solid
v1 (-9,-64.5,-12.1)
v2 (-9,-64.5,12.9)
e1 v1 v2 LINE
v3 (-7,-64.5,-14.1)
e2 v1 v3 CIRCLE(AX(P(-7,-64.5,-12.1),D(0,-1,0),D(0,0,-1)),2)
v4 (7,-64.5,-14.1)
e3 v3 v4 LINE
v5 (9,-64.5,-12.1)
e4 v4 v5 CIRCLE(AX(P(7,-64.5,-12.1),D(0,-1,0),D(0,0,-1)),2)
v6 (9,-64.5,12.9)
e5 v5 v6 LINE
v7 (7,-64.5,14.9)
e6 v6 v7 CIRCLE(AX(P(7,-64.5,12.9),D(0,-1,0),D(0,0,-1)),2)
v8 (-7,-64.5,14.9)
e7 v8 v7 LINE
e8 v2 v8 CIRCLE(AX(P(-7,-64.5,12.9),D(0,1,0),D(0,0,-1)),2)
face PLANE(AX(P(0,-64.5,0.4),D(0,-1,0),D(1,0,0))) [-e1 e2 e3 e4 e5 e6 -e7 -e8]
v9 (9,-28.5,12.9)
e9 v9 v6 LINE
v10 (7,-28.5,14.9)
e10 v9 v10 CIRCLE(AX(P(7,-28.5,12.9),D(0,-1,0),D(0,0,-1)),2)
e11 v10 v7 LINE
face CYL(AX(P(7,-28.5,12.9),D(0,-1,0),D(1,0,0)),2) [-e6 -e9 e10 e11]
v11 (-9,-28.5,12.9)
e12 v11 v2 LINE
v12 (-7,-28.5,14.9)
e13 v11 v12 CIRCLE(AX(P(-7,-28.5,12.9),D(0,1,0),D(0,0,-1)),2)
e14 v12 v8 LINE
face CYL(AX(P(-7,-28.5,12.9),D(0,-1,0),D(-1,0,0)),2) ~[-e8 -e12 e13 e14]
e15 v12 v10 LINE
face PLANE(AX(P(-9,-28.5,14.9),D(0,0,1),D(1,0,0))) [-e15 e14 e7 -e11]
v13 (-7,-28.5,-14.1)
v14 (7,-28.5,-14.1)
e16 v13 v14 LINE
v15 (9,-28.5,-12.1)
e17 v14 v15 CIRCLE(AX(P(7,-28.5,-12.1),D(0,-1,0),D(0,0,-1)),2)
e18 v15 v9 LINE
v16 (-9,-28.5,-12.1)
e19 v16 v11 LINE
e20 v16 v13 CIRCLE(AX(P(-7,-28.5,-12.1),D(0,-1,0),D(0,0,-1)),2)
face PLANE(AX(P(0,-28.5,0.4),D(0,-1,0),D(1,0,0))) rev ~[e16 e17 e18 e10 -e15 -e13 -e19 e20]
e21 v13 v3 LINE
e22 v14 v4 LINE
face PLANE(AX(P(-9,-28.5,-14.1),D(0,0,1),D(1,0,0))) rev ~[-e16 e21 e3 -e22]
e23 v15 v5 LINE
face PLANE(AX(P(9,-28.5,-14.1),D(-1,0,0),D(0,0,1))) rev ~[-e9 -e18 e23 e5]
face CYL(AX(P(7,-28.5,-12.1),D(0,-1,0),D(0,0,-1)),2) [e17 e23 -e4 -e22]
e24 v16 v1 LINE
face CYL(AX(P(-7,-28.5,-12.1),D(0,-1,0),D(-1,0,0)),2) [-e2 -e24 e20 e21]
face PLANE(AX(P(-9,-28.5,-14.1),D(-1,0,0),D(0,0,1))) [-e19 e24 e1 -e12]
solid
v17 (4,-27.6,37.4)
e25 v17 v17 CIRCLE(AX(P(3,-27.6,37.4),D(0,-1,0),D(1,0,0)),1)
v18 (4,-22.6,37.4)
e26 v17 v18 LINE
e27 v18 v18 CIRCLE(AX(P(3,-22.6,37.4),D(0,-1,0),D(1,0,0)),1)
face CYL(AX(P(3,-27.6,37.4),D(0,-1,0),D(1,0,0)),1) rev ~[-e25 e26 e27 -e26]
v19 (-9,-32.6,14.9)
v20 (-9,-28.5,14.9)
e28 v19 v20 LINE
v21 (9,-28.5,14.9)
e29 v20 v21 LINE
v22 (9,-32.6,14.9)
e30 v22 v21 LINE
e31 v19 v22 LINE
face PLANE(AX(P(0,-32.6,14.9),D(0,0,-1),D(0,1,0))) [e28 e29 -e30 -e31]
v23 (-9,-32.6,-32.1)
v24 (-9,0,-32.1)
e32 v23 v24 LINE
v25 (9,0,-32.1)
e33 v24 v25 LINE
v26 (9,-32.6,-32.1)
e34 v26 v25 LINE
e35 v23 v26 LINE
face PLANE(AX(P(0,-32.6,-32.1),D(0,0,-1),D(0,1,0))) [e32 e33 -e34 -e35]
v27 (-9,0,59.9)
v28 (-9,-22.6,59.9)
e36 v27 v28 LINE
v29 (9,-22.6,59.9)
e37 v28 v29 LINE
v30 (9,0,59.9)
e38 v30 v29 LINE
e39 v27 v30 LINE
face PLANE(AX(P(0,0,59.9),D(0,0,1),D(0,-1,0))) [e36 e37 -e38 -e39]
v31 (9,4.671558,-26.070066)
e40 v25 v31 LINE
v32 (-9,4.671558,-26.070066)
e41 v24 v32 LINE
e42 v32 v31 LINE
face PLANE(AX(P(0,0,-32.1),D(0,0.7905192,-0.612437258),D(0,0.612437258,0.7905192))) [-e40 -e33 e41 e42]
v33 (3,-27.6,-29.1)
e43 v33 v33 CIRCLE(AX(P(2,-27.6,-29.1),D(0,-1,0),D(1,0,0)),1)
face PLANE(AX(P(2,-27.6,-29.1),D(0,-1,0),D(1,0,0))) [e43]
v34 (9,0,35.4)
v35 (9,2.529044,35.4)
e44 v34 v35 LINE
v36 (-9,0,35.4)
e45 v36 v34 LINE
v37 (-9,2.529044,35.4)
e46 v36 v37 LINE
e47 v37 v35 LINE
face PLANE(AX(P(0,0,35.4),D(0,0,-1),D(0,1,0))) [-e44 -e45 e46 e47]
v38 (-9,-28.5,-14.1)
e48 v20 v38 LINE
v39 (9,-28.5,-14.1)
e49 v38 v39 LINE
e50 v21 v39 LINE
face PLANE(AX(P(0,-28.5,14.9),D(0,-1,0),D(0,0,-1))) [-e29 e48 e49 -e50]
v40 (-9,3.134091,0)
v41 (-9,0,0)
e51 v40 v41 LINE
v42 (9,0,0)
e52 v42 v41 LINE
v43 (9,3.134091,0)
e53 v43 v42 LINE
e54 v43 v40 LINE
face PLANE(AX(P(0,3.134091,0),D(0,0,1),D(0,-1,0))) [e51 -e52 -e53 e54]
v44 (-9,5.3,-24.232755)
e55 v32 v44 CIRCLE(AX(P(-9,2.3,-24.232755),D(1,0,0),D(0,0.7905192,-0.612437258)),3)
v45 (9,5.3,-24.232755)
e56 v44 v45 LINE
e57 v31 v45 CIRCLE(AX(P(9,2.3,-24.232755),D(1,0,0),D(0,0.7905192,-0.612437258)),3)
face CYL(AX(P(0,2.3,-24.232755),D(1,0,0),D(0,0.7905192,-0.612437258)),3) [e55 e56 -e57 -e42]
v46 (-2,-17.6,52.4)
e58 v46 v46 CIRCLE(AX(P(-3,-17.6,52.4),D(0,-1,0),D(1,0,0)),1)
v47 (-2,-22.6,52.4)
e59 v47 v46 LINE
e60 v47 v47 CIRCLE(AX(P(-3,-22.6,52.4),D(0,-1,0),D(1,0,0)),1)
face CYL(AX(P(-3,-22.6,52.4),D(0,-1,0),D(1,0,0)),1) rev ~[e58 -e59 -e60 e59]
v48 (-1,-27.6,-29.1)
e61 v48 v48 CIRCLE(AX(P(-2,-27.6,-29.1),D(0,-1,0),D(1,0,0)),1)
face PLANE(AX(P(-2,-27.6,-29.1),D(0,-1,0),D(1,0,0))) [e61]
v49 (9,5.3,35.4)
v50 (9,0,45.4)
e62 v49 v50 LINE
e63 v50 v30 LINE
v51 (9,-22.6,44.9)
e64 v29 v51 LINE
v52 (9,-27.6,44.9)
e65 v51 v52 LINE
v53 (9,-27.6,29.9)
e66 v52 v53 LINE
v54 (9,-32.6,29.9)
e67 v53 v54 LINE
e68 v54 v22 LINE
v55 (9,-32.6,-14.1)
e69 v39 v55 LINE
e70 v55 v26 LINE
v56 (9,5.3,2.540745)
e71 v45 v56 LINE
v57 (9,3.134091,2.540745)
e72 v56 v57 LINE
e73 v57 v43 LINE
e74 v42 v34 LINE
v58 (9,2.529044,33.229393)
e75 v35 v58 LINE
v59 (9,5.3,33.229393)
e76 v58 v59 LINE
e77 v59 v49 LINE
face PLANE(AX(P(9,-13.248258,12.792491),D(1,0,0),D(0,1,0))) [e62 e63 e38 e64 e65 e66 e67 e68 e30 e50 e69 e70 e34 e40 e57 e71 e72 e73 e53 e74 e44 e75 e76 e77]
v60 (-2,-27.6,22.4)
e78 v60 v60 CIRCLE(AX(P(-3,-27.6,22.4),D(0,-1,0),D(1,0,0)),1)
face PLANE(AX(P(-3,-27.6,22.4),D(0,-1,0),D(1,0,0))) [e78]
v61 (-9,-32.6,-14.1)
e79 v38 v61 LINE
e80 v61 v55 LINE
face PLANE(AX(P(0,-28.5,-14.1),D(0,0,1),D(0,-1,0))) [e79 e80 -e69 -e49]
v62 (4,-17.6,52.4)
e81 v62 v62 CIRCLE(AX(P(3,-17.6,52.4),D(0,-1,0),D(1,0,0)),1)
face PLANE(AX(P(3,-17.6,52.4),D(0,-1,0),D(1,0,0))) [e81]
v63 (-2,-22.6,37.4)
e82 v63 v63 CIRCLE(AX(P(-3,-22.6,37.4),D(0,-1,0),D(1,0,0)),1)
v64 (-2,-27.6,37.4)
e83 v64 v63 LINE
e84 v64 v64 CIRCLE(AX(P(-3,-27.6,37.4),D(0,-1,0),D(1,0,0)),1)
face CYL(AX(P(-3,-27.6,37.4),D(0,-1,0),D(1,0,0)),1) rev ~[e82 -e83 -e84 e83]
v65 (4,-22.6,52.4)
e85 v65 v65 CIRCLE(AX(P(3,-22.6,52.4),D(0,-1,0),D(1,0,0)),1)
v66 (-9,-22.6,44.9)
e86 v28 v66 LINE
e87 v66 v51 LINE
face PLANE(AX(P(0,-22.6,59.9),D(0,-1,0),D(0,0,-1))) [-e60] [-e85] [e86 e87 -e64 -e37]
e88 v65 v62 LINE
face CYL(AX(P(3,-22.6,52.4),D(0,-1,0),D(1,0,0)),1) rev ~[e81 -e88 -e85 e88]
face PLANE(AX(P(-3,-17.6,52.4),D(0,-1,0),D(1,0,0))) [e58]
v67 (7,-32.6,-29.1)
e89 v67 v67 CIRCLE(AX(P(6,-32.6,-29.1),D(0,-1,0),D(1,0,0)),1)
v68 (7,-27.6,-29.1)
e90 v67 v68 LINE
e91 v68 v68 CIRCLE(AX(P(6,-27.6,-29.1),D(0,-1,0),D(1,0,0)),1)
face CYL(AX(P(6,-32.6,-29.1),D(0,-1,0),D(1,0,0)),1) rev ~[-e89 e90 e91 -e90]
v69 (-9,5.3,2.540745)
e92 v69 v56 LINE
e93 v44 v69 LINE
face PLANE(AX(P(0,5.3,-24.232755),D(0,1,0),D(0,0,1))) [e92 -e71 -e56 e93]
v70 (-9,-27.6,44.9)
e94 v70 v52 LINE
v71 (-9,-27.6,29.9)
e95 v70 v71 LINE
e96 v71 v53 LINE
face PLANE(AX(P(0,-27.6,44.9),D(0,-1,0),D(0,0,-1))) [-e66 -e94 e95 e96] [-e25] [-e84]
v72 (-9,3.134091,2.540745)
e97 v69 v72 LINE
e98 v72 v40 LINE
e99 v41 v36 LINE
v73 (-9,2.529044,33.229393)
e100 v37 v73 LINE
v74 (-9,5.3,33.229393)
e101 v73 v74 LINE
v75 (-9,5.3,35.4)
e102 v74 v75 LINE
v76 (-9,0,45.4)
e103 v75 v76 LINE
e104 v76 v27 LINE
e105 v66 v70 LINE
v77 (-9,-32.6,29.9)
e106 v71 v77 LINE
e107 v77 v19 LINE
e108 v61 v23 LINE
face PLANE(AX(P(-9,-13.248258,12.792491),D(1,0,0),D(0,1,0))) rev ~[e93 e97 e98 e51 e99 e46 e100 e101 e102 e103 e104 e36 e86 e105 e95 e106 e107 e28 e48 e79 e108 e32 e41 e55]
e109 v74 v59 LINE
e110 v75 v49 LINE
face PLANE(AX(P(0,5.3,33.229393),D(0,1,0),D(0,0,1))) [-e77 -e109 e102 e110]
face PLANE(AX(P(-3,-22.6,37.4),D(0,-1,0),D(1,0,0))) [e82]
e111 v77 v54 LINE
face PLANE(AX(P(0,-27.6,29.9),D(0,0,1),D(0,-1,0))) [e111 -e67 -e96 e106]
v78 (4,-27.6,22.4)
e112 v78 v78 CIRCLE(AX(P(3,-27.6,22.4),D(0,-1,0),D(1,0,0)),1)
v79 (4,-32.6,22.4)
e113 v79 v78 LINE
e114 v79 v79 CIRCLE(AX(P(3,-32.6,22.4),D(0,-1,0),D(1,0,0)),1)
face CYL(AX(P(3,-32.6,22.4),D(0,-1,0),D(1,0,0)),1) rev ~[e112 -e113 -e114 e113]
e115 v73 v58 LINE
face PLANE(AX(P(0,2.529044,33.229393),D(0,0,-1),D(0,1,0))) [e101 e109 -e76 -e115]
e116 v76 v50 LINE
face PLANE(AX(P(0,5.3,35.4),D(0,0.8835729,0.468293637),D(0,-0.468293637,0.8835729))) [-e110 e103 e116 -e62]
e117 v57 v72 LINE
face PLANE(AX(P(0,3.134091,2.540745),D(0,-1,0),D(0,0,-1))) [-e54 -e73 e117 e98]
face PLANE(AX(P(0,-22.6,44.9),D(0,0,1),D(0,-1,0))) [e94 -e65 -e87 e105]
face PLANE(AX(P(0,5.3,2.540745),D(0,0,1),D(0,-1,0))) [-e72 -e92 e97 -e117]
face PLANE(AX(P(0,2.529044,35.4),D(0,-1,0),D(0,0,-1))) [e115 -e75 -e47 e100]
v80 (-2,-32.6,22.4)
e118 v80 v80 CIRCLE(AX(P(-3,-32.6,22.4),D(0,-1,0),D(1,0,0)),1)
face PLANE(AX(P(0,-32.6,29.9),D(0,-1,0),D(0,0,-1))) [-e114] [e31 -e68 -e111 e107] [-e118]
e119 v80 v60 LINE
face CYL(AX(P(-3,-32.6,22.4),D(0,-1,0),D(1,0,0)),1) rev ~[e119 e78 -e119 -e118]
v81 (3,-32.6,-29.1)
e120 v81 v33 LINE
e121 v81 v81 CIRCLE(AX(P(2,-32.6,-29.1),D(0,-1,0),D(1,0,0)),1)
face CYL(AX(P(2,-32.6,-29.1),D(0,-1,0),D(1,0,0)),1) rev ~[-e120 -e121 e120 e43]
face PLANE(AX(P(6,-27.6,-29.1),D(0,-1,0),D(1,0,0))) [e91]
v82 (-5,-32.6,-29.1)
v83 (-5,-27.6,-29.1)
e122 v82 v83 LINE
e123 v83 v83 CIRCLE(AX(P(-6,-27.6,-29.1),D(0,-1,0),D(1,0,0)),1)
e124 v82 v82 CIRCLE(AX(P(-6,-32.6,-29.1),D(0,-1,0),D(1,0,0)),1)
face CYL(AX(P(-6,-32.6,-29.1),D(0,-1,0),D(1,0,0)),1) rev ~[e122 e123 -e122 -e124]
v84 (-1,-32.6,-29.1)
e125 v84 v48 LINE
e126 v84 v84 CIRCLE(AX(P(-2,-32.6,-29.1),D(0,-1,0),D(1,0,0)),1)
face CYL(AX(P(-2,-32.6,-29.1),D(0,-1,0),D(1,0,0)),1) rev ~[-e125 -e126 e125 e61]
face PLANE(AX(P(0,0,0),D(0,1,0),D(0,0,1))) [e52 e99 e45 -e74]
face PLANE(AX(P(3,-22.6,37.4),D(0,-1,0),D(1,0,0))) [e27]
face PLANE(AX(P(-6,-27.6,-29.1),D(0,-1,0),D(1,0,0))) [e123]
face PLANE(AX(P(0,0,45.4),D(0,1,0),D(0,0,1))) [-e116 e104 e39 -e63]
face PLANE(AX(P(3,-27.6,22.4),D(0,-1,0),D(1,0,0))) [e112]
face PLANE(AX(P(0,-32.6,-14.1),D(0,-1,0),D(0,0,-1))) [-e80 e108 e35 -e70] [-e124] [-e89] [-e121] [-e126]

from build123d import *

# Parameters (mm, degrees)
F1_DEPTH  = 9
F2_R      = 1
F3_DEPTH  = 5
F4_R      = 1
F5_DEPTH  = 5
F6_R      = 1
F7_DEPTH  = 5
F8_R      = 1
F9_DEPTH  = 5
F10_W     = 18
F10_H     = 29
F11_DEPTH = 36
F12_R     = 2


with BuildPart() as f1:
    # F0 (on Right) → F1 (new body, symmetric)
    with BuildSketch(Plane.YZ):
        with BuildLine():
            Line((0, 0), (0, 35.4))
            Line((0, 35.4), (2.5290442254, 35.4))
            Line((2.5290442254, 35.4), (2.5290442254, 33.2293925524))
            Line((2.5290442254, 33.2293925524), (5.3, 33.2293925524))
            Line((5.3, 33.2293925524), (5.3, 35.4))
            Line((5.3, 35.4), (0, 45.4))
            Line((0, 45.4), (0, 59.9))
            Line((0, 59.9), (-22.6, 59.9))
            Line((-22.6, 59.9), (-22.6, 44.9))
            Line((-22.6, 44.9), (-27.6, 44.9))
            Line((-27.6, 44.9), (-27.6, 29.9))
            Line((-27.6, 29.9), (-32.6, 29.9))
            Line((-32.6, 29.9), (-32.6, 14.9))
            Line((-32.6, 14.9), (-28.5, 14.9))
            Line((-28.5, 14.9), (-28.5, -14.1))
            Line((-28.5, -14.1), (-32.6, -14.1))
            Line((-32.6, -14.1), (-32.6, -32.1))
            Line((-32.6, -32.1), (0, -32.1))
            Line((0, -32.1), (4.6715575988, -26.0700664431))
            ThreePointArc((4.6715575988, -26.0700664431), (5.1385447677, -25.2036633164), (5.3, -24.2327546689))
            Line((5.3, -24.2327546689), (5.3, 0))
            Line((5.3, 0), (5.3, 2.5407448411))
            Line((5.3, 2.5407448411), (3.1340913847, 2.5407448411))
            Line((3.1340913847, 2.5407448411), (3.1340913847, 0))
            Line((3.1340913847, 0), (0, 0))
        make_face()
    extrude(amount=F1_DEPTH, both=True)

    # F2 (on face) → F3 (cut)
    with BuildSketch(Plane.XZ.offset(22.6)):
        with Locations((-3, 52.4)):
            Circle(F2_R)
        with Locations((3, 52.4)):
            Circle(F2_R)
    extrude(amount=-F3_DEPTH, mode=Mode.SUBTRACT)

    # F4 (on face) → F5 (cut)
    with BuildSketch(Plane.XZ.offset(27.6)):
        with Locations((-3, 37.4)):
            Circle(F4_R)
        with Locations((3, 37.4)):
            Circle(F4_R)
    extrude(amount=-F5_DEPTH, mode=Mode.SUBTRACT)

    # F6 (on face) → F7 (cut)
    with BuildSketch(Plane.XZ.offset(32.6)):
        with Locations((-3, 22.4)):
            Circle(F6_R)
        with Locations((3, 22.4)):
            Circle(F6_R)
    extrude(amount=-F7_DEPTH, mode=Mode.SUBTRACT)

    # F8 (on face) → F9 (cut)
    with BuildSketch(Plane.XZ.offset(32.6)):
        with Locations((-6, -29.1)):
            Circle(F8_R)
        with Locations((-2, -29.1)):
            Circle(F8_R)
        with Locations((2, -29.1)):
            Circle(F8_R)
        with Locations((6, -29.1)):
            Circle(F8_R)
    extrude(amount=-F9_DEPTH, mode=Mode.SUBTRACT)


with BuildPart() as f11:
    # F10 (on face) → F11 (new body)
    with BuildSketch(Plane.XZ.offset(28.5)):
        with Locations((0, 0.4)):
            Rectangle(F10_W, F10_H)
    extrude(amount=F11_DEPTH)

    # F12
    f12_edges = [f11.edges().sort_by_distance(p)[0] for p in [
        (9, -46.5, 14.9),
        (9, -46.5, -14.1),
        (-9, -46.5, -14.1),
        (-9, -46.5, 14.9),
    ]]
    fillet(f12_edges, radius=F12_R)


solid = Compound([f1.part, f11.part])
